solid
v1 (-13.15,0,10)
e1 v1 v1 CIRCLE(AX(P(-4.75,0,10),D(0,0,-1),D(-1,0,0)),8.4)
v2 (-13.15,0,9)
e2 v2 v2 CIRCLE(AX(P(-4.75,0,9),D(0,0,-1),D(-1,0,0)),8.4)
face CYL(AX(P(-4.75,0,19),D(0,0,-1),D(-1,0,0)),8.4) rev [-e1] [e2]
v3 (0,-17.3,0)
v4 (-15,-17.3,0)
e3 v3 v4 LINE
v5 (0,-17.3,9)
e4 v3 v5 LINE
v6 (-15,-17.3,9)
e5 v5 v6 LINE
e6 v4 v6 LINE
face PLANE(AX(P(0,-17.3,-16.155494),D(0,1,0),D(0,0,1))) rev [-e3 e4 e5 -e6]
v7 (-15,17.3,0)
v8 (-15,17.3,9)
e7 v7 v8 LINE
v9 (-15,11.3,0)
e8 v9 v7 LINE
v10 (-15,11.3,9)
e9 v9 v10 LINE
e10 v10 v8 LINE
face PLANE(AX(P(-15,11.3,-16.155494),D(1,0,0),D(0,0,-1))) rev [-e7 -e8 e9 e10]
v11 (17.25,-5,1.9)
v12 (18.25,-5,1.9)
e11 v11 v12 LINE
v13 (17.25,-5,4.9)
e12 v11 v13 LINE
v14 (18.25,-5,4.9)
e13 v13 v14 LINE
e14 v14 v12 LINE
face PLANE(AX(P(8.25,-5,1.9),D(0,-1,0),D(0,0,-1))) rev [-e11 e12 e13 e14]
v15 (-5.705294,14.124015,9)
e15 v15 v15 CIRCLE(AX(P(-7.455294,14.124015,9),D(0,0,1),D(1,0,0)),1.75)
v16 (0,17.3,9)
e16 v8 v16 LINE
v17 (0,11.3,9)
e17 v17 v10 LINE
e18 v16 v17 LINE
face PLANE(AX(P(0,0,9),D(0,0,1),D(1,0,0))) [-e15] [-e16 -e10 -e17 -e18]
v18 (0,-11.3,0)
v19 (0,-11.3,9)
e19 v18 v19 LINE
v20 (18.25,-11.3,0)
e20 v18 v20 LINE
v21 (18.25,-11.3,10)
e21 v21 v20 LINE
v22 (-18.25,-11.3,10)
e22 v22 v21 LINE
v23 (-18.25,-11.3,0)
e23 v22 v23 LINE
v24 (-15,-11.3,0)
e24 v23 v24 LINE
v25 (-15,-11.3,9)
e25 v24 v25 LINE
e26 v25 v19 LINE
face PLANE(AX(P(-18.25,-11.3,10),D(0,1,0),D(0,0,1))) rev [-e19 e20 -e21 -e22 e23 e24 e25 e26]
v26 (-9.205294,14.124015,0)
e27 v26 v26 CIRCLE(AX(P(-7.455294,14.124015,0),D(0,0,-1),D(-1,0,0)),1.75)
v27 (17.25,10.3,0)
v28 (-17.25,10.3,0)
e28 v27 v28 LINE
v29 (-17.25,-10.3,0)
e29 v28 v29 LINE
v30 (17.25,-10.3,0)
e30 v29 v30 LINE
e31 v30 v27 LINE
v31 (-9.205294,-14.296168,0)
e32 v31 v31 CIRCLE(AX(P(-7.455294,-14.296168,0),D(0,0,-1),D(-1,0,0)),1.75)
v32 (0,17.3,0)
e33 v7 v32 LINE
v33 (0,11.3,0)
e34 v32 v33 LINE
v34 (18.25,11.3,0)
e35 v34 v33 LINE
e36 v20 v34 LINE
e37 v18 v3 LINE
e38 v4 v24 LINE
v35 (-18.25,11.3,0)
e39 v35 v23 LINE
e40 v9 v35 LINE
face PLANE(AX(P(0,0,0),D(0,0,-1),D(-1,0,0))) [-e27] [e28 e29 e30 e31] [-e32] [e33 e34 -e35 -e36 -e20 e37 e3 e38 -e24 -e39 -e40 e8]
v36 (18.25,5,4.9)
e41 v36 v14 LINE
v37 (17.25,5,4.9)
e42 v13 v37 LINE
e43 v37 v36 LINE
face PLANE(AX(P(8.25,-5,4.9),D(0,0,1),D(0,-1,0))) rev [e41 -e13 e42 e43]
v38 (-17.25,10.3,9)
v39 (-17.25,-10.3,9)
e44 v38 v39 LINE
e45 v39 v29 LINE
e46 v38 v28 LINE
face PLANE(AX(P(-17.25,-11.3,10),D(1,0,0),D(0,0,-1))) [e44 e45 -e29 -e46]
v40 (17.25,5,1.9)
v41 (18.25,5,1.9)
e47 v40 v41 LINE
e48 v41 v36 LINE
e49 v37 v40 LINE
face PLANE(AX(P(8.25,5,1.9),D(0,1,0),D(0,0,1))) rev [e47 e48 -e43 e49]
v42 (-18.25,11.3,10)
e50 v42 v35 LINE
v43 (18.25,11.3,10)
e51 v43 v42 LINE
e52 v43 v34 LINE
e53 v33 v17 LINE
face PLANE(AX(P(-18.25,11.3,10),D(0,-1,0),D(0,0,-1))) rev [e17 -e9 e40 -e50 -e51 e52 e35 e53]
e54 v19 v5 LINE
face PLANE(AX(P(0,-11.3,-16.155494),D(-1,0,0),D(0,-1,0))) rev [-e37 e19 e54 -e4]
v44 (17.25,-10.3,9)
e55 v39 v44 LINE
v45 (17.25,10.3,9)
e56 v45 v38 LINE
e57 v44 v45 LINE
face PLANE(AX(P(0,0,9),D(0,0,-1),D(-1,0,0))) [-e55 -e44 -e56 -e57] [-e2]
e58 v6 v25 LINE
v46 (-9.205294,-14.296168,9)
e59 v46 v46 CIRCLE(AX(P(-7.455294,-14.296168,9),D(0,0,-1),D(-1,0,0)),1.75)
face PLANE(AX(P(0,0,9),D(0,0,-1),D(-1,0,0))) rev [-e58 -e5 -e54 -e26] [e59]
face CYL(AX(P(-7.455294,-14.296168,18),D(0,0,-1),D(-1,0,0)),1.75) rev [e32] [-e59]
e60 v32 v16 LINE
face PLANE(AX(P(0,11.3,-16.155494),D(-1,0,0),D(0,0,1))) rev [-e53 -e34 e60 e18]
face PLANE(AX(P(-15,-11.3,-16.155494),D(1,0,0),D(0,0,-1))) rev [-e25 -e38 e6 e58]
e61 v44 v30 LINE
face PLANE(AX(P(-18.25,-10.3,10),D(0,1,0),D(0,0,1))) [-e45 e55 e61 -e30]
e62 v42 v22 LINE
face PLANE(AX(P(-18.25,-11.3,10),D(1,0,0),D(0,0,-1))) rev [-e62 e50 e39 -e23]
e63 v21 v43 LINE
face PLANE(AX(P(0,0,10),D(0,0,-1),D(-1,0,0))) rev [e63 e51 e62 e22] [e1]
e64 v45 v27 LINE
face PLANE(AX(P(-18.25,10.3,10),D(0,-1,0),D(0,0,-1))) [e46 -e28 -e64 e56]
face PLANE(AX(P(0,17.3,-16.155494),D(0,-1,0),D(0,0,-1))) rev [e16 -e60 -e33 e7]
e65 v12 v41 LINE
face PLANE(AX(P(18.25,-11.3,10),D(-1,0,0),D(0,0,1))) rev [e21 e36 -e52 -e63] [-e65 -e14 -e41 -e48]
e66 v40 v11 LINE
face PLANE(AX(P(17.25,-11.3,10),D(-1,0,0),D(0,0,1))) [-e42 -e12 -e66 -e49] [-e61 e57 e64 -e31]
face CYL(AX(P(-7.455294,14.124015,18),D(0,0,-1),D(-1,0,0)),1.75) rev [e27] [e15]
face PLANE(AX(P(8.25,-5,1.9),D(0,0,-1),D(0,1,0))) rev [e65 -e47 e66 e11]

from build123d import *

# Parameters (mm, degrees)
SKETCH1_W           = 36.5
SKETCH1_H           = 22.6
BOSS_EXTRUDE2_DEPTH = 10
SHELL2_T            = -1
SKETCH2_R           = 8.4
CUT_EXTRUDE1_DEPTH  = 10
SKETCH3_W           = 3
SKETCH3_H           = 10
CUT_EXTRUDE3_DEPTH  = 10
SKETCH4_W           = 15
SKETCH4_H           = 6
BOSS_EXTRUDE3_DEPTH = 9
SKETCH5_R           = 1.75
CUT_EXTRUDE4_DEPTH  = 18


with BuildPart() as part:
    # Sketch1 → Boss-Extrude2 (new body)
    with BuildSketch(Plane.XY):
        Rectangle(SKETCH1_W, SKETCH1_H)
    extrude(amount=BOSS_EXTRUDE2_DEPTH)

    # Shell2
    shell2_openings = [part.faces().sort_by_distance(p)[0] for p in [
        (0, 0, 0),
    ]]
    offset(amount=SHELL2_T, openings=shell2_openings, kind=Kind.INTERSECTION)

    # Sketch2 → Cut-Extrude1 (cut)
    with BuildSketch(Plane(origin=(0, 0, 9), x_dir=(-1, 0, 0), z_dir=(0, 0, -1))):
        with Locations((4.75, 0)):
            Circle(SKETCH2_R)
    extrude(amount=-CUT_EXTRUDE1_DEPTH, mode=Mode.SUBTRACT)

    # Sketch3 → Cut-Extrude3 (cut)
    with BuildSketch(Plane(origin=(18.25, 0, 0), x_dir=(0, 0, -1), z_dir=(1, 0, 0))):
        with Locations((-3.4, 0)):
            Rectangle(SKETCH3_W, SKETCH3_H)
    extrude(amount=-CUT_EXTRUDE3_DEPTH, mode=Mode.SUBTRACT)

    # Sketch4 → Boss-Extrude3 (add)
    with BuildSketch(Plane(origin=(0, 0, 9), x_dir=(-1, 0, 0), z_dir=(0, 0, -1))):
        with Locations((7.5, 14.3)):
            Rectangle(SKETCH4_W, SKETCH4_H)
        with Locations((7.5, -14.3)):
            Rectangle(SKETCH4_W, SKETCH4_H)
    extrude(amount=BOSS_EXTRUDE3_DEPTH)

    # Sketch5 → Cut-Extrude4 (cut)
    with BuildSketch(Plane(origin=(0, 0, 0), x_dir=(-1, 0, 0), z_dir=(0, 0, -1))):
        with Locations((7.455294422, 14.124015169)):
            Circle(SKETCH5_R)
        with Locations((7.455294422, -14.296167592)):
            Circle(SKETCH5_R)
    extrude(amount=-CUT_EXTRUDE4_DEPTH, mode=Mode.SUBTRACT)


solid = part.part
